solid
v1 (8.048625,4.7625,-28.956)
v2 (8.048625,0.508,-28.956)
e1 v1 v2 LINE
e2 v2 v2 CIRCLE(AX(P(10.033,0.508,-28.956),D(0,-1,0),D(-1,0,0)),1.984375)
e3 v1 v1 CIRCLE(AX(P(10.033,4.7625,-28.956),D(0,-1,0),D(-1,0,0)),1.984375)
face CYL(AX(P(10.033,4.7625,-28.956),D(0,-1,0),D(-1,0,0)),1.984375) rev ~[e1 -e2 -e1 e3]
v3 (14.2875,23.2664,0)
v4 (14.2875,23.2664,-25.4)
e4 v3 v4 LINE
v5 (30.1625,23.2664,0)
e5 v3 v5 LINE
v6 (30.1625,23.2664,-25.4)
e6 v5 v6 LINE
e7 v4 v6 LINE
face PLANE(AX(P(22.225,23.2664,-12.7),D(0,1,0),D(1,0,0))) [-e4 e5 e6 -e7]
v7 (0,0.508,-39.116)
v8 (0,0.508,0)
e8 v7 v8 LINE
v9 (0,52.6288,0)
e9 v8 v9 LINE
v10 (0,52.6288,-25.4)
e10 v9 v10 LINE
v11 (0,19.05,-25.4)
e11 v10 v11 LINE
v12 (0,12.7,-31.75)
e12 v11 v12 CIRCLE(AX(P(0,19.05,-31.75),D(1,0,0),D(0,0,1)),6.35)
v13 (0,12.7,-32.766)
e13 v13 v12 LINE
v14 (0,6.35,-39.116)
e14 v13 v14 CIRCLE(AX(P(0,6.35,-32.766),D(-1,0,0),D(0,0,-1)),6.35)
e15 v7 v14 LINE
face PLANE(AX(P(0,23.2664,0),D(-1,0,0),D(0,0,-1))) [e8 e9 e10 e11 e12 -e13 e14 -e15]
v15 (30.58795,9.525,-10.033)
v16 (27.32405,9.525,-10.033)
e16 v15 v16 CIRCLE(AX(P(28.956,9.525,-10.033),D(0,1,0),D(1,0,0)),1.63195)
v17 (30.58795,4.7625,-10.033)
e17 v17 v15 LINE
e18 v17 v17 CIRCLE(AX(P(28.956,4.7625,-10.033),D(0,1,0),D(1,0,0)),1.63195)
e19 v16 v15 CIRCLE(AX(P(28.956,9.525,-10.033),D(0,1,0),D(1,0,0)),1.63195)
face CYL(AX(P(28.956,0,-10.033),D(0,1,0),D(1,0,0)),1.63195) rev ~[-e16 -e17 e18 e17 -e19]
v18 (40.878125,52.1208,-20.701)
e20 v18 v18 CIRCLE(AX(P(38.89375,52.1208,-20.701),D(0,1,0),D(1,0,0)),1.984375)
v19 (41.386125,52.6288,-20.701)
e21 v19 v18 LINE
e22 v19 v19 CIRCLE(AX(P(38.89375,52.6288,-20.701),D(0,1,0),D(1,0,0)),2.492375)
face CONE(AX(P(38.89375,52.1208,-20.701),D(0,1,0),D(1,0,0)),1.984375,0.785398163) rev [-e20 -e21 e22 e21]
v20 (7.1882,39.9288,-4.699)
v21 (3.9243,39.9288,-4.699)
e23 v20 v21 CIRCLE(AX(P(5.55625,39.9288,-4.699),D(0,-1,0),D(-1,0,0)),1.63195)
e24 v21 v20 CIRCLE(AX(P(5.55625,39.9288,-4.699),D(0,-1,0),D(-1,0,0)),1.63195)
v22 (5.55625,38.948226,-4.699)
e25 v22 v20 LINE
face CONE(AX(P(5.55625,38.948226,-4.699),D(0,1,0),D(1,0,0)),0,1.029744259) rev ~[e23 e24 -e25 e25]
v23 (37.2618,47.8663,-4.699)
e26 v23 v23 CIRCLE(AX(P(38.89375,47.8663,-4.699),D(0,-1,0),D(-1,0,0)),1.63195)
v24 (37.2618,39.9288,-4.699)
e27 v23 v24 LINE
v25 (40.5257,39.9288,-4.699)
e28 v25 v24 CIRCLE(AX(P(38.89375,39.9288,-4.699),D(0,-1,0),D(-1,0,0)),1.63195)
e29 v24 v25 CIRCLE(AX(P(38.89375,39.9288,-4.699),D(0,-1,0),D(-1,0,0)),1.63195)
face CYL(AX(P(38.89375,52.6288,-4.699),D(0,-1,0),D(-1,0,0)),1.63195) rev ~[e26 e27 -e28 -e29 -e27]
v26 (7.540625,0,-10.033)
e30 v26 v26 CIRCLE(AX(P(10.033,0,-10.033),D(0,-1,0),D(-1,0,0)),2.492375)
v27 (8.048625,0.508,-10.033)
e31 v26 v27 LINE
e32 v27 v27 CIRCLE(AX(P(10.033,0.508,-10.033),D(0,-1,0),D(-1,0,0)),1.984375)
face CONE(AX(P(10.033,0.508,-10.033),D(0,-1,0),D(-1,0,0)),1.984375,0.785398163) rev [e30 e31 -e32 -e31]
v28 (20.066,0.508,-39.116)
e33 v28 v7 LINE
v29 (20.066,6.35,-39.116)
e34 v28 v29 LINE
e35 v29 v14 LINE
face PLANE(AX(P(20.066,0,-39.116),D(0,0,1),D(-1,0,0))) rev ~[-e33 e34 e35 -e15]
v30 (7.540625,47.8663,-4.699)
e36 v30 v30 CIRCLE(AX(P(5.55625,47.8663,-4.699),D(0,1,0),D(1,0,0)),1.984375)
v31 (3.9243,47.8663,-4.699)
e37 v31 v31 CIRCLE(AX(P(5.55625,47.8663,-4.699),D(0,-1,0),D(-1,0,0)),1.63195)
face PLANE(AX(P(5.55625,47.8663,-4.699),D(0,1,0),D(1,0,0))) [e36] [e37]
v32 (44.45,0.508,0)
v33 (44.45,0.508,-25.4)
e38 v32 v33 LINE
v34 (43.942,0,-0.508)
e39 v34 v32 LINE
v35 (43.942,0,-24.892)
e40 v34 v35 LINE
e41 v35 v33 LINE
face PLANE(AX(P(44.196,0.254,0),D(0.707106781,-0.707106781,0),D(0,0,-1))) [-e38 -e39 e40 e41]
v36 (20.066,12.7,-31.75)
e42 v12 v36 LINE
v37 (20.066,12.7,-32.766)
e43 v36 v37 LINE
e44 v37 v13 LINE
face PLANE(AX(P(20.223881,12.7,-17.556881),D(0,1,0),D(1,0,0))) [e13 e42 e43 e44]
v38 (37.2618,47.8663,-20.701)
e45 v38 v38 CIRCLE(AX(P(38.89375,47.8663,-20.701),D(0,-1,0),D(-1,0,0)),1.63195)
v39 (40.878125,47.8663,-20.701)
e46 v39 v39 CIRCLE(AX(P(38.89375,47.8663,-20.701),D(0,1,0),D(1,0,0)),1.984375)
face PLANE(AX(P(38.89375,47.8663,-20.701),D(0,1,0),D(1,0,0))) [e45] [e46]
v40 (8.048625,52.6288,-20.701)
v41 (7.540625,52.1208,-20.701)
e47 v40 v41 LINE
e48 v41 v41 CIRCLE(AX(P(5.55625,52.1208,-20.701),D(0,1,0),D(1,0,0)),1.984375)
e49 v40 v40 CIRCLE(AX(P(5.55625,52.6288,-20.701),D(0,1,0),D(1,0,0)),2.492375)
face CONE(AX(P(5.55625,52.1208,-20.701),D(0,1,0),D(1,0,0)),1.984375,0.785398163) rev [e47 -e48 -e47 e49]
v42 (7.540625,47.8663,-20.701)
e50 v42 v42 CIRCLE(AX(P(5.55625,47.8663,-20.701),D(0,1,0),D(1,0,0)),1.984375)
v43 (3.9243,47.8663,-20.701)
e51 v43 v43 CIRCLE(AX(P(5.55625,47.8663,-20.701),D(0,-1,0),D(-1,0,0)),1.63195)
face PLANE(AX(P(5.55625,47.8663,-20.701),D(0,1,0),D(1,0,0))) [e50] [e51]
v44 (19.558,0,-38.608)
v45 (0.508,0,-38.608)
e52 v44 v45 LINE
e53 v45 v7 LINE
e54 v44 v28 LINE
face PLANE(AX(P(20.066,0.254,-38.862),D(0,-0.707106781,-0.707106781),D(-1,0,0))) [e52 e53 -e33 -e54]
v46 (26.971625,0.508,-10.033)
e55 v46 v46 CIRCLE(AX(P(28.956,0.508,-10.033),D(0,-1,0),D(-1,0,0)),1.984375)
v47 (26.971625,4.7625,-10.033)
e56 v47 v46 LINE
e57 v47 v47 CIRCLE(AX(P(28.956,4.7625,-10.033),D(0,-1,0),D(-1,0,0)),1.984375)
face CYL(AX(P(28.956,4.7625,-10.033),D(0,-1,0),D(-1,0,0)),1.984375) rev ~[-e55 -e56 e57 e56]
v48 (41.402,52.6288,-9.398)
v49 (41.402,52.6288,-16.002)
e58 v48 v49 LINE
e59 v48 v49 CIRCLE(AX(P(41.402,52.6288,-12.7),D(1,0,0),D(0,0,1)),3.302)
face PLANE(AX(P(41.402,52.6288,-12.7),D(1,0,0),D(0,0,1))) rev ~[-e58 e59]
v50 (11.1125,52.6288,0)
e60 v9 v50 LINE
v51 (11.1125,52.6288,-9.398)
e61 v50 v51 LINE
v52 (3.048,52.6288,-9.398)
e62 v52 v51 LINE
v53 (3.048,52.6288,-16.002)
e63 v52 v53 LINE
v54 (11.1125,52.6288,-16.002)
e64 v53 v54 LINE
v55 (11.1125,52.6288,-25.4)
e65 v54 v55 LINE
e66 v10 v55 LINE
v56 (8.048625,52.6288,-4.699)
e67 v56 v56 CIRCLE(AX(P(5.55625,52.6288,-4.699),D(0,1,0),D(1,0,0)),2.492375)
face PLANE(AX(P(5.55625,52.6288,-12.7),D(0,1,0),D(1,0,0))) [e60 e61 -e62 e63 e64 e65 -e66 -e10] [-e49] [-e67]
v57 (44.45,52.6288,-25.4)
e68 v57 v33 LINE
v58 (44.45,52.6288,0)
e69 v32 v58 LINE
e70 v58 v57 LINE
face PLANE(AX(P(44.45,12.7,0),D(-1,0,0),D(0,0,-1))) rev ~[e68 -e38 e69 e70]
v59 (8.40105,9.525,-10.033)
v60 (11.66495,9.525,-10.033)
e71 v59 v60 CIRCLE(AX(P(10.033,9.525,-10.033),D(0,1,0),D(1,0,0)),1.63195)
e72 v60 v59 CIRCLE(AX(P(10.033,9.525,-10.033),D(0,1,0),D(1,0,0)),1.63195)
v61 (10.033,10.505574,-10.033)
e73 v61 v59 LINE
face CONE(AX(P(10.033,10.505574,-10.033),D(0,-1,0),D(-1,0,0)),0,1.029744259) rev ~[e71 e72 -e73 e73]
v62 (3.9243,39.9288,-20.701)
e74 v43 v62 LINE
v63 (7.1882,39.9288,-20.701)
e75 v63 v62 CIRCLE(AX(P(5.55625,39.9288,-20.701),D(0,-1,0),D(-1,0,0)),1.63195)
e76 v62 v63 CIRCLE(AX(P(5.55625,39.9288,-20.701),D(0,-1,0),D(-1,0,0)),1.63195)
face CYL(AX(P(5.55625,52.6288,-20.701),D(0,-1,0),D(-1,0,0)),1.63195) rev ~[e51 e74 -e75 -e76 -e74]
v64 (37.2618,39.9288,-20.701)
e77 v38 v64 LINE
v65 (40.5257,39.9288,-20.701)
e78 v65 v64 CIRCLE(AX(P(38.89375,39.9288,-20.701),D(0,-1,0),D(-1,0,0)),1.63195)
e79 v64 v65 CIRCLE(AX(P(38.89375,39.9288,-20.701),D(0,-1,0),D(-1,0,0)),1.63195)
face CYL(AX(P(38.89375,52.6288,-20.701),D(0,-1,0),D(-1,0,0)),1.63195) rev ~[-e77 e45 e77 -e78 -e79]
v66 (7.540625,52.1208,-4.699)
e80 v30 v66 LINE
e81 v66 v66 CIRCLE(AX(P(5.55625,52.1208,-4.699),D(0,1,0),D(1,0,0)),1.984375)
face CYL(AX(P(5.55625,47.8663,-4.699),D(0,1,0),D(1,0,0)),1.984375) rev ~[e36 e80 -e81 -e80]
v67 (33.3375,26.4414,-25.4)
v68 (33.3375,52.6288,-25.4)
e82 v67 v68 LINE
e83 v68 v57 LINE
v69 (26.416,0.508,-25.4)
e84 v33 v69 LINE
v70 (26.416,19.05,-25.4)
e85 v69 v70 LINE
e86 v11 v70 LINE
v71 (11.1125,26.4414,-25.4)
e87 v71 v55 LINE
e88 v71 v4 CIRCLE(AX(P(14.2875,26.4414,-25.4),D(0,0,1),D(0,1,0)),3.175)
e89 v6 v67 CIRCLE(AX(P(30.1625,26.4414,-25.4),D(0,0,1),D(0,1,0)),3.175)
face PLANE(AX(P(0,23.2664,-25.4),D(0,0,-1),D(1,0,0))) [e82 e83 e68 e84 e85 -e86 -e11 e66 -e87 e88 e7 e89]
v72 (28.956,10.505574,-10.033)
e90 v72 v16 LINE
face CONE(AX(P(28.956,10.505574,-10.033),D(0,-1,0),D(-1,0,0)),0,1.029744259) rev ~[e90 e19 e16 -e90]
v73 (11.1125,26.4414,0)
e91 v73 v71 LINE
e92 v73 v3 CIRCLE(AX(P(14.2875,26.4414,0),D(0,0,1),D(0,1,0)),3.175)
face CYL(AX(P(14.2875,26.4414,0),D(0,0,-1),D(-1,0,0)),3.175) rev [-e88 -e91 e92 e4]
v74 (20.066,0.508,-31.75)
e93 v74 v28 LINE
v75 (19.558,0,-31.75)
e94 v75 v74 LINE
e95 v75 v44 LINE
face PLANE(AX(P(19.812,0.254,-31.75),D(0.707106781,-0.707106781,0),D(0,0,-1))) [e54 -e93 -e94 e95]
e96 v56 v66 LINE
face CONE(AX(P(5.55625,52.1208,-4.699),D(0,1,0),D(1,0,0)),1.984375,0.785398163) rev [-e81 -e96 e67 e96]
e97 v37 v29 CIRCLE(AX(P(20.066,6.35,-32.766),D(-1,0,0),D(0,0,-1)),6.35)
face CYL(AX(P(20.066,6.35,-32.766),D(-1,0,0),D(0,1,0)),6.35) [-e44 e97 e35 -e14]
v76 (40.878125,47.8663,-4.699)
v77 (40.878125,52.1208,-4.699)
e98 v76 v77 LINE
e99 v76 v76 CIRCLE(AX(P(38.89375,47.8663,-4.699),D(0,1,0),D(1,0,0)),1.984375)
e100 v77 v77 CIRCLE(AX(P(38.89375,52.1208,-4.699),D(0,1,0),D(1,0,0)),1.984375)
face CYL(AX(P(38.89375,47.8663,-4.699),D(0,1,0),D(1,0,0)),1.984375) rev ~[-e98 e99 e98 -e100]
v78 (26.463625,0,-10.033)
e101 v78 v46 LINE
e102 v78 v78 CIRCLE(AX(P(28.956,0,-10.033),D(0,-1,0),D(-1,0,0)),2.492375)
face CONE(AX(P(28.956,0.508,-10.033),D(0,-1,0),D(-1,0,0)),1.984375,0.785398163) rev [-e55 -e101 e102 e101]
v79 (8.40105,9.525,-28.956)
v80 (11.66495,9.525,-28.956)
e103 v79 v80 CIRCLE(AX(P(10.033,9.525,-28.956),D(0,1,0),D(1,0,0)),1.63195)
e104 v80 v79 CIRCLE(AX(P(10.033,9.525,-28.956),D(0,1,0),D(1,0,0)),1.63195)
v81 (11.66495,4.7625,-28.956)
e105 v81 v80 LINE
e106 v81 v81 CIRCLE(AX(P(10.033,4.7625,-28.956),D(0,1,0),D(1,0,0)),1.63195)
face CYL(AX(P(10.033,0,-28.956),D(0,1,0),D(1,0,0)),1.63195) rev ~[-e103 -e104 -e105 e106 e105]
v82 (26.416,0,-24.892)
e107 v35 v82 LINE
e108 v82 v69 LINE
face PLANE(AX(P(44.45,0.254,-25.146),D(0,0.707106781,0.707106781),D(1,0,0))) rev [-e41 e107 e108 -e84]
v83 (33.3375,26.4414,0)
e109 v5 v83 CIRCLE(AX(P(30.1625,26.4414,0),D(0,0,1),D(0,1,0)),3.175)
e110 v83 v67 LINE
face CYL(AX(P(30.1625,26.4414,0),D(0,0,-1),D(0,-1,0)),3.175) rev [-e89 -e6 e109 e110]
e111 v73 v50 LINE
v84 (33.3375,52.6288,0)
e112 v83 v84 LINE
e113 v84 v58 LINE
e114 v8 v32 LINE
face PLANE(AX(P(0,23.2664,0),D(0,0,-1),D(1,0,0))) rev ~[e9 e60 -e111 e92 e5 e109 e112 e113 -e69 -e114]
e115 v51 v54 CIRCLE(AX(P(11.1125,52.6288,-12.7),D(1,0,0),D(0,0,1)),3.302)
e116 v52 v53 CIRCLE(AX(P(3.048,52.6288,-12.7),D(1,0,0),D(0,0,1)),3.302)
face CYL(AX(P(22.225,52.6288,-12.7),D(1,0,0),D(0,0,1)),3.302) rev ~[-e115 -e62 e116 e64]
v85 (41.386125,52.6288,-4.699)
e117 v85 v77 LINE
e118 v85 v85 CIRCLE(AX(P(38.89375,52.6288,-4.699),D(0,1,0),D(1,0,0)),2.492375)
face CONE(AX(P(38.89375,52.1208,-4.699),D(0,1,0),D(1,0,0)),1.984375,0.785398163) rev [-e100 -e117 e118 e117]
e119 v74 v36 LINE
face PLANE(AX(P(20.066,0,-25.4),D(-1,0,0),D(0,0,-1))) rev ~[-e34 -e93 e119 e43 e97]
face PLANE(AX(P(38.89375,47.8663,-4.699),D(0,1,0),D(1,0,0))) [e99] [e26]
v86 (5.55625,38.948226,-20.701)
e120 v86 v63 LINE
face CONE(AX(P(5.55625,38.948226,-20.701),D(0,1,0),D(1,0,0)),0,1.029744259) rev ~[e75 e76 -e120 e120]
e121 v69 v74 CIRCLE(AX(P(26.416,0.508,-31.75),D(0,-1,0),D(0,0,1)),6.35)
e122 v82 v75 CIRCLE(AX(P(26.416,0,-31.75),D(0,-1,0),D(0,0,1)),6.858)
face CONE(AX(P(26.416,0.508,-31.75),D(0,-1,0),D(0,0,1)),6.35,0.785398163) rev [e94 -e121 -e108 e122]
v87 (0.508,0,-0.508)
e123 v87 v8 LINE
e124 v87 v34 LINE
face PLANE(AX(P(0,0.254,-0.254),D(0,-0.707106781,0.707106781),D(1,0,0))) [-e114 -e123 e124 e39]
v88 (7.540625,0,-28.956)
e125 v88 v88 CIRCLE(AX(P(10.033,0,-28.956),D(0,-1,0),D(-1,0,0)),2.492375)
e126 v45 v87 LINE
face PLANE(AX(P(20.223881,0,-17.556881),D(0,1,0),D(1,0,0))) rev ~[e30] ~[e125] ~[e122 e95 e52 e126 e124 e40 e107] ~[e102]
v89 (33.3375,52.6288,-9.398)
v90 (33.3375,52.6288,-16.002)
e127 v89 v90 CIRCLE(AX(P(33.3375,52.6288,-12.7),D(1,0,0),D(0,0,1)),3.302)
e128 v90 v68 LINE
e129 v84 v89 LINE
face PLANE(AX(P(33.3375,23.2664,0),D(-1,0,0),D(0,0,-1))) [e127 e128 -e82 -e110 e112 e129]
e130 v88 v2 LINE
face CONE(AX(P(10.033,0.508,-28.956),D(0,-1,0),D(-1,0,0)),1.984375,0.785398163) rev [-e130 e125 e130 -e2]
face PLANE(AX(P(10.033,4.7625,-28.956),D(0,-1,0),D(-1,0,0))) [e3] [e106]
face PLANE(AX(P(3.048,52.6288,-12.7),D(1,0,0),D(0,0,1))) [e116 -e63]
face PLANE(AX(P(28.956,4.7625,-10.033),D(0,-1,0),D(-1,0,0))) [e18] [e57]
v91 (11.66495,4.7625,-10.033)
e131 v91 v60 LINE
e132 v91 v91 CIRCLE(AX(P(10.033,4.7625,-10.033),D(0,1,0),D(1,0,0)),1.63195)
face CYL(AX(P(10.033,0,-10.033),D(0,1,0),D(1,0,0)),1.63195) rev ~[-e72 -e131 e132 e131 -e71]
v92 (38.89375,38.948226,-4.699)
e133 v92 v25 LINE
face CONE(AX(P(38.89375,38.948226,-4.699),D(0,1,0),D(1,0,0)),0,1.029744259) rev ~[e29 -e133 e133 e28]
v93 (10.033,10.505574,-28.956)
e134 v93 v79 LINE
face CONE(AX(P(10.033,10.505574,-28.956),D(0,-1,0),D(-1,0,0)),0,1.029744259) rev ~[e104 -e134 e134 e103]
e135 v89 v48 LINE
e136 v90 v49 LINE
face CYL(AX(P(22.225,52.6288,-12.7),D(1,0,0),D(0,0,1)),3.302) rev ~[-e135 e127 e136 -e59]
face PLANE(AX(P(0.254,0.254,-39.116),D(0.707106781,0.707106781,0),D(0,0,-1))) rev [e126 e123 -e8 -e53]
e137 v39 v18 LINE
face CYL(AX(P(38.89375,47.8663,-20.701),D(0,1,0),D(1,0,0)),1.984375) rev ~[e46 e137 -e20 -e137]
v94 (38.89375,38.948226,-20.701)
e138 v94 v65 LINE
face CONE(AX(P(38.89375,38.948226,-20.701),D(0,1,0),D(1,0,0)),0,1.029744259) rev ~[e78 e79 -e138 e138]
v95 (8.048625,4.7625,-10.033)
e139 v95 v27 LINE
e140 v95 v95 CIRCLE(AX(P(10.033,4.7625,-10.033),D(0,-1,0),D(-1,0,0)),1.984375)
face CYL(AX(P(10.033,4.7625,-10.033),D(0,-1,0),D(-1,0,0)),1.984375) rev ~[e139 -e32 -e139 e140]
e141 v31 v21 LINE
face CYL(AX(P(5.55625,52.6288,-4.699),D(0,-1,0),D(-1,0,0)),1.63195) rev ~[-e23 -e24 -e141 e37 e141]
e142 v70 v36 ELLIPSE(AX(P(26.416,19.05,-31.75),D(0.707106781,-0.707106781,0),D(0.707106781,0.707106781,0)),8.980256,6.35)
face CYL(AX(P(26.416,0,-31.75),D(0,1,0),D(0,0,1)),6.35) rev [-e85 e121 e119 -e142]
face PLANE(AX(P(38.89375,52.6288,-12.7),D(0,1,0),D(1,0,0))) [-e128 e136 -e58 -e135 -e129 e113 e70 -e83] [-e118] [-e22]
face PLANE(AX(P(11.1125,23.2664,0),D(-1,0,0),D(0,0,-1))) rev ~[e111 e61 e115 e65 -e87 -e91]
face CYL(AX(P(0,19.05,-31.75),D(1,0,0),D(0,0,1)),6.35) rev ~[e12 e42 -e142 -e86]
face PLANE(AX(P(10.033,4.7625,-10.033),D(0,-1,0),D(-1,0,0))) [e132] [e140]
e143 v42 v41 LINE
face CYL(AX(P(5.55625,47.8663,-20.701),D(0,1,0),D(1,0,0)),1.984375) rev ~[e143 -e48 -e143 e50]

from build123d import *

# Parameters (mm, degrees)
L_BASE_DEPTH                                = 12.7
SKETCH3_W                                   = 44.45
SKETCH3_H                                   = 25.4
RECTANGULAR_EXTRUDE_DEPTH                   = 10.5664
SKETCH4_W                                   = 11.1125
SKETCH4_H                                   = 25.4
FORK_EXTRUDE_DEPTH                          = 29.3624
SKETCH6_W                                   = 38.354
SKETCH6_H                                   = 3.302
F_4_EXPANSION_INSERT_RECESSES_1_D           = 3.2639
F_4_EXPANSION_INSERT_RECESSES_1_DEPTH       = 12.7
F_4_EXPANSION_INSERT_RECESSES_1_CBORE_D     = 3.96875
F_4_EXPANSION_INSERT_RECESSES_1_CBORE_DEPTH = 4.7625
F_4_EXPANSION_INSERT_RECESSES_1_TIP         = 0.980574487
F_4_EXPANSION_INSERT_RECESSES_2_D           = 3.2639
F_4_EXPANSION_INSERT_RECESSES_2_DEPTH       = 9.525
F_4_EXPANSION_INSERT_RECESSES_2_CBORE_D     = 3.96875
F_4_EXPANSION_INSERT_RECESSES_2_CBORE_DEPTH = 4.7625
F_4_EXPANSION_INSERT_RECESSES_2_TIP         = 0.980574487
L_BASE_FILLET_R                             = 6.35
FORK_FILLET_R                               = 3.175
INSTALLATION_CHAMFERS_1_SIZE                = 0.508
INSTALLATION_CHAMFERS_2_SIZE                = 0.508
PRINT_BED_CHAMFER_SIZE                      = 0.508


with BuildPart() as part:
    # Sketch1 → L-Base (new body)
    with BuildSketch(Plane(origin=(0, 0, 0), x_dir=(1, 0, 0), z_dir=(0, 1, 0))):
        Polygon((0, 0), (44.45, 0), (44.45, 25.4), (20.066, 25.4), (20.066, 39.116), (0, 39.116), align=None)
    extrude(amount=L_BASE_DEPTH)

    # Sketch3 → Rectangular Extrude (add)
    with BuildSketch(Plane(origin=(0, 12.7, 0), x_dir=(1, 0, 0), z_dir=(0, 1, 0))):
        with Locations((22.225, 12.7)):
            Rectangle(SKETCH3_W, SKETCH3_H)
    extrude(amount=RECTANGULAR_EXTRUDE_DEPTH)

    # Sketch4 → Fork Extrude (add)
    with BuildSketch(Plane(origin=(0, 23.2664, 0), x_dir=(1, 0, 0), z_dir=(0, 1, 0))):
        with Locations((5.55625, 12.7)):
            Rectangle(SKETCH4_W, SKETCH4_H)
        with Locations((38.89375, 12.7)):
            Rectangle(SKETCH4_W, SKETCH4_H)
    extrude(amount=FORK_EXTRUDE_DEPTH)

    # Sketch6 → Shaft Recess (revolve, cut)
    with BuildSketch(Plane(origin=(0, 52.6288, 0), x_dir=(1, 0, 0), z_dir=(0, 1, 0))):
        with Locations((22.225, 11.049)):
            Rectangle(SKETCH6_W, SKETCH6_H)
    revolve(axis=Axis((0, 52.6288, -12.7), (1, 0, 0)), mode=Mode.SUBTRACT)

    # #4 Expansion Insert Recesses #1
    with Locations(Plane(origin=(0, 52.6288, 0), x_dir=(1, 0, 0), z_dir=(0, 1, 0))):
        with Locations((5.55625, 20.701), (5.55625, 4.699), (38.89375, 20.701), (38.89375, 4.699)):
            CounterBoreHole(F_4_EXPANSION_INSERT_RECESSES_1_D / 2, F_4_EXPANSION_INSERT_RECESSES_1_CBORE_D / 2, F_4_EXPANSION_INSERT_RECESSES_1_CBORE_DEPTH, depth=F_4_EXPANSION_INSERT_RECESSES_1_DEPTH)
            with Locations((0, 0, -(F_4_EXPANSION_INSERT_RECESSES_1_DEPTH + F_4_EXPANSION_INSERT_RECESSES_1_TIP / 2))):  # 118° drill point
                Cone(0, F_4_EXPANSION_INSERT_RECESSES_1_D / 2, F_4_EXPANSION_INSERT_RECESSES_1_TIP, mode=Mode.SUBTRACT)

    # #4 Expansion Insert Recesses #2
    with Locations(Plane(origin=(0, 0, 0), x_dir=(-1, 0, 0), z_dir=(0, -1, 0))):
        with Locations((-10.033, 10.033), (-28.956, 10.033), (-10.033, 28.956)):
            CounterBoreHole(F_4_EXPANSION_INSERT_RECESSES_2_D / 2, F_4_EXPANSION_INSERT_RECESSES_2_CBORE_D / 2, F_4_EXPANSION_INSERT_RECESSES_2_CBORE_DEPTH, depth=F_4_EXPANSION_INSERT_RECESSES_2_DEPTH)
            with Locations((0, 0, -(F_4_EXPANSION_INSERT_RECESSES_2_DEPTH + F_4_EXPANSION_INSERT_RECESSES_2_TIP / 2))):  # 118° drill point
                Cone(0, F_4_EXPANSION_INSERT_RECESSES_2_D / 2, F_4_EXPANSION_INSERT_RECESSES_2_TIP, mode=Mode.SUBTRACT)

    # L-Base Fillet
    l_base_fillet_edges = [part.edges().sort_by_distance(p)[0] for p in [
        (10.033, 12.7, -39.116),
        (10.033, 12.7, -25.4),
        (20.066, 6.35, -25.4),
    ]]
    fillet(l_base_fillet_edges, radius=L_BASE_FILLET_R)

    # Fork Fillet
    fork_fillet_edges = [part.edges().sort_by_distance(p)[0] for p in [
        (33.3375, 23.2664, -12.7),
        (11.1125, 23.2664, -12.7),
    ]]
    fillet(fork_fillet_edges, radius=FORK_FILLET_R)

    # Installation Chamfers #1
    installation_chamfers_1_edges = [part.edges().sort_by_distance(p)[0] for p in [
        (36.909375, 52.6288, -4.699),
        (36.909375, 52.6288, -20.701),
        (3.571875, 52.6288, -4.699),
        (3.571875, 52.6288, -20.701),
    ]]
    chamfer(installation_chamfers_1_edges, length=INSTALLATION_CHAMFERS_1_SIZE)

    # Installation Chamfers #2
    installation_chamfers_2_edges = [part.edges().sort_by_distance(p)[0] for p in [
        (30.940375, 0, -10.033),
        (12.017375, 0, -10.033),
        (12.017375, 0, -28.956),
    ]]
    chamfer(installation_chamfers_2_edges, length=INSTALLATION_CHAMFERS_2_SIZE)

    # Print Bed Chamfer
    print_bed_chamfer_edges = [part.edges().sort_by_distance(p)[0] for p in [
        (20.066, 0, -35.433),
        (21.925871939, 0, -27.259871939),
        (10.033, 0, -39.116),
        (35.433, 0, -25.4),
        (44.45, 0, -12.7),
        (22.225, 0, 0),
        (0, 0, -19.558),
    ]]
    chamfer(print_bed_chamfer_edges, length=PRINT_BED_CHAMFER_SIZE)


solid = part.part
